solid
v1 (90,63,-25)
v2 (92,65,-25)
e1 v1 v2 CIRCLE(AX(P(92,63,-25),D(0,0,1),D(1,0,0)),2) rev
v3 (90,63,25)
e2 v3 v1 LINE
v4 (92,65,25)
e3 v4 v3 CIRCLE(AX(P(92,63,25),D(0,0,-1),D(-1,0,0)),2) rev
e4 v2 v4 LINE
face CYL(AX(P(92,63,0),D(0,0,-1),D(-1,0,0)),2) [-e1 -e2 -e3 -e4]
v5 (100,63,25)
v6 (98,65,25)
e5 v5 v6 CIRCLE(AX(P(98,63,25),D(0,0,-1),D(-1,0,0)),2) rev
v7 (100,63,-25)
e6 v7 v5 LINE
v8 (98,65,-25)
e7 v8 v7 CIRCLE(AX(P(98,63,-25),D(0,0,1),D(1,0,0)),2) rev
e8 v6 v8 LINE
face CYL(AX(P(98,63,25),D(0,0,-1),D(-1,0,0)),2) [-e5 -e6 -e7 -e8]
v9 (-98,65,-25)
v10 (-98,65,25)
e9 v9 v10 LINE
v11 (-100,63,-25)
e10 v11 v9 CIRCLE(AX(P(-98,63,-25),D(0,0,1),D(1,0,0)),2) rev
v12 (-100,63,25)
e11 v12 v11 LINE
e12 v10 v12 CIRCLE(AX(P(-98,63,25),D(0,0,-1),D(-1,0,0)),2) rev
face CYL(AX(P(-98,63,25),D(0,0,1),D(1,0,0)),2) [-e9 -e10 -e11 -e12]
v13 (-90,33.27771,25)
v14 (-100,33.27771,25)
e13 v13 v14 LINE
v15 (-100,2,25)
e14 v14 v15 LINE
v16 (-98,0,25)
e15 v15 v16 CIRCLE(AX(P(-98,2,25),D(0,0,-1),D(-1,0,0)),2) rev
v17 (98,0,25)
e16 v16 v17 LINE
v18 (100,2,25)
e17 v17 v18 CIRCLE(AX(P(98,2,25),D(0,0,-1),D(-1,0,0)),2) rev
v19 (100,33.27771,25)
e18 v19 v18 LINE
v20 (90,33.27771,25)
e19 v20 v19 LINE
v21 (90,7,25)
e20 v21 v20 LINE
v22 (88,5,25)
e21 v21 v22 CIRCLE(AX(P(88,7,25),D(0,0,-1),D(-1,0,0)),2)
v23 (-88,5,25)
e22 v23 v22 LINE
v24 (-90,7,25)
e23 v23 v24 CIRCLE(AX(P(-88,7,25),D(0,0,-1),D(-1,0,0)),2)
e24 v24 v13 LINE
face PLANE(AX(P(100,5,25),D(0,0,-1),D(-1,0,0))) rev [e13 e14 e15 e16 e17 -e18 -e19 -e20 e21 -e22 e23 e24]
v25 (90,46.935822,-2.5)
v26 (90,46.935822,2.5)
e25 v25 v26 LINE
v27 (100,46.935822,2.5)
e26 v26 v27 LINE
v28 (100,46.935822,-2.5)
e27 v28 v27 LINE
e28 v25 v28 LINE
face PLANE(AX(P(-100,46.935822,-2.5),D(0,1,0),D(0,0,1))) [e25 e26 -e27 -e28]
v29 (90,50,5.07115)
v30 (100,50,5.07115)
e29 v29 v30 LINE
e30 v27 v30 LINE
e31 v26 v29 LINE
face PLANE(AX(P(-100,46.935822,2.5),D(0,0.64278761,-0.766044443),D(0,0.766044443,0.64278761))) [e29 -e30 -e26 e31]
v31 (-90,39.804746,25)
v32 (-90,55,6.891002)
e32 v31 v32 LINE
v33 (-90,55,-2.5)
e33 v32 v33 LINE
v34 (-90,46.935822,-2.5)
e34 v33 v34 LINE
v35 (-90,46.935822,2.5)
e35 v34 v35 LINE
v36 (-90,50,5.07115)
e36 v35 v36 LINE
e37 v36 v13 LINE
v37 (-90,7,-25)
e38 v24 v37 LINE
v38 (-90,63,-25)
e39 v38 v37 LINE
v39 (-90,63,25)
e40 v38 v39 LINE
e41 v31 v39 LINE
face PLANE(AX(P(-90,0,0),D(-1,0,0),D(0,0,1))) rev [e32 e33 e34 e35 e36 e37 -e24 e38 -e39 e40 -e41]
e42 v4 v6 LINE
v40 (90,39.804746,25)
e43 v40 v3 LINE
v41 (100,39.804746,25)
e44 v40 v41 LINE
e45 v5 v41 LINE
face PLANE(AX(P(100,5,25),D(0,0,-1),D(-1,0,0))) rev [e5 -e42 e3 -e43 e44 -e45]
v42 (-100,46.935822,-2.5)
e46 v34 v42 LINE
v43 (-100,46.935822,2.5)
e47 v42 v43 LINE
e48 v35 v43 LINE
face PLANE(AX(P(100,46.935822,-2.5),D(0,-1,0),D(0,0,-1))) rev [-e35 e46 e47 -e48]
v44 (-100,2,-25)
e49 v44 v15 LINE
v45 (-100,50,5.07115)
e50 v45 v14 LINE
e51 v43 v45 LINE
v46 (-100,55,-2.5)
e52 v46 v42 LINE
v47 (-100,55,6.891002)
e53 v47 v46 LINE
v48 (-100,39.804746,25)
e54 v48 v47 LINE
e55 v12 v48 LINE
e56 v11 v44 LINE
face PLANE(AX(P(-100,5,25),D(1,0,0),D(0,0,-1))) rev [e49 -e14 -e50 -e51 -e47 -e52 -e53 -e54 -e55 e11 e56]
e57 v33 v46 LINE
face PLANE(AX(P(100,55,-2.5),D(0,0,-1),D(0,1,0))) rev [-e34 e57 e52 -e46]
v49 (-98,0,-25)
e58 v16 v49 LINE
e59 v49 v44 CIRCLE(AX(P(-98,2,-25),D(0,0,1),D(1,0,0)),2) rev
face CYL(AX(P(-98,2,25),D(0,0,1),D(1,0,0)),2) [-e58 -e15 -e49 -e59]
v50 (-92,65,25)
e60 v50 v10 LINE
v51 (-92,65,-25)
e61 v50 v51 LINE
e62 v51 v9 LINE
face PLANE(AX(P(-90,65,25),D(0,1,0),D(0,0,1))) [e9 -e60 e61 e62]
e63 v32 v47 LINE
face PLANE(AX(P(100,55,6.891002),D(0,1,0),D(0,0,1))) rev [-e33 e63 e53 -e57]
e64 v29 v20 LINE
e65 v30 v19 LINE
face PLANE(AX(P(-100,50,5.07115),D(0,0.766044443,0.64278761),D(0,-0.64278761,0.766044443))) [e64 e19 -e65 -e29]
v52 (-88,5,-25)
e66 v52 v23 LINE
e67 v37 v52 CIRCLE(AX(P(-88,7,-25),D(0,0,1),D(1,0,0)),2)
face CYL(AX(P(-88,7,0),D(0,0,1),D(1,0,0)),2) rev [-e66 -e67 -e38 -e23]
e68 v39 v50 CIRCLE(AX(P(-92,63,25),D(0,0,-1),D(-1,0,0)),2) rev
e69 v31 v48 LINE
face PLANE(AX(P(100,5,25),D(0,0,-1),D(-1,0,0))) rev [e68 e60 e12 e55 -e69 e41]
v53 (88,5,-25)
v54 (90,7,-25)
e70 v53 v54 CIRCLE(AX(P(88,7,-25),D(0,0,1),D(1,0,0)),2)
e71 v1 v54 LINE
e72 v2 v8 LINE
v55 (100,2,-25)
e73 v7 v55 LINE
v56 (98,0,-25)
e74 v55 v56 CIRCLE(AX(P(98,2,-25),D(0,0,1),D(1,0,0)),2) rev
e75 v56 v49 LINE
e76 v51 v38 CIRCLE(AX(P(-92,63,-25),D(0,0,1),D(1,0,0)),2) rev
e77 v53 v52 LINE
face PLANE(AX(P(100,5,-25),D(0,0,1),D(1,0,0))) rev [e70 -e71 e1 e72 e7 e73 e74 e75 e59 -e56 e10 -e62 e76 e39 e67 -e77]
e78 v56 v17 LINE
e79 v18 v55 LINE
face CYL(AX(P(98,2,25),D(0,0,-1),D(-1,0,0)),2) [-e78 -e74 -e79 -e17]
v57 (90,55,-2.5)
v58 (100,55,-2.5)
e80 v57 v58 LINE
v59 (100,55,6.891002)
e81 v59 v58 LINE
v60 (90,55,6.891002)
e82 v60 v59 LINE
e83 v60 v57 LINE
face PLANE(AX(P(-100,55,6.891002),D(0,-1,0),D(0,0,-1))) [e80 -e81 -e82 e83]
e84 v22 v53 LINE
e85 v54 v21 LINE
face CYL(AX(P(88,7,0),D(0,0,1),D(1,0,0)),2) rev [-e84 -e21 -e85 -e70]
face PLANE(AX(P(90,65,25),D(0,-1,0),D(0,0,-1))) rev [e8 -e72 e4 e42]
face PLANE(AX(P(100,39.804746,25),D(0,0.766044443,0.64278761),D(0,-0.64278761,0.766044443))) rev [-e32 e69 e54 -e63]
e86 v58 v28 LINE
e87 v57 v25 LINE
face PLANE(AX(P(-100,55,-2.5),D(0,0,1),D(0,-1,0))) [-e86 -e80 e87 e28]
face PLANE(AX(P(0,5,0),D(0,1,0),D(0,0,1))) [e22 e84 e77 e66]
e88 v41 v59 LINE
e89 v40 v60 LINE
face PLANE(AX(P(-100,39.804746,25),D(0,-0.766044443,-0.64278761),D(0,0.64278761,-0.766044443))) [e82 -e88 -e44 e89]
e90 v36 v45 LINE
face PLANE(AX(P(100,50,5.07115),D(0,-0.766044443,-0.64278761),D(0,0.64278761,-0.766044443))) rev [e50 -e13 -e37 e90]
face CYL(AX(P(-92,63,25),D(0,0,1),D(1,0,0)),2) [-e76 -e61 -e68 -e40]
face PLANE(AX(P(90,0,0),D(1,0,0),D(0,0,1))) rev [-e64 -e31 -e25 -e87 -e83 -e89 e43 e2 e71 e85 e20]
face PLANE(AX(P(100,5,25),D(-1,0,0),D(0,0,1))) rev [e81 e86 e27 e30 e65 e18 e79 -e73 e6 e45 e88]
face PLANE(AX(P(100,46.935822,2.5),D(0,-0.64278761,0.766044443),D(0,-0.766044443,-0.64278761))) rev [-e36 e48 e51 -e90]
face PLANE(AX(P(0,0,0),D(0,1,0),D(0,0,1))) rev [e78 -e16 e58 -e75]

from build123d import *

# Parameters (mm, degrees)
SKETCH1_W           = 200
SKETCH1_H           = 50
BOSS_EXTRUDE1_DEPTH = 5
SKETCH2_W           = 50
SKETCH2_H           = 60
BOSS_EXTRUDE2_DEPTH = 10
CUT_EXTRUDE1_START  = -201
CUT_EXTRUDE1_DEPTH  = 202
FILLET1_R           = 2


with BuildPart() as part:
    # Sketch1 → Boss-Extrude1 (new body)
    with BuildSketch(Plane(origin=(0, 0, 0), x_dir=(1, 0, 0), z_dir=(0, 1, 0))):
        Rectangle(SKETCH1_W, SKETCH1_H)
    extrude(amount=BOSS_EXTRUDE1_DEPTH)

    # Sketch2 → Boss-Extrude2 (add)
    with BuildSketch(Plane.ZY.offset(100)):
        with Locations((0, 35)):
            Rectangle(SKETCH2_W, SKETCH2_H)
    boss_extrude2 = extrude(amount=-BOSS_EXTRUDE2_DEPTH)

    # Sketch3 → Cut-Extrude1 (cut)
    with BuildSketch(Plane.ZY.offset(100).offset(CUT_EXTRUDE1_START)):
        Polygon((25, 39.80474613), (6.89100161, 55), (-2.5, 55), (-2.5, 46.935822228), (2.5, 46.935822228), (5.071150439, 50), (25, 33.277709683), align=None)
    cut_extrude1 = extrude(amount=CUT_EXTRUDE1_DEPTH, mode=Mode.SUBTRACT)

    # Mirror1: Boss-Extrude2, Cut-Extrude1 across plane
    add(boss_extrude2.mirror(Plane(origin=(0, 0, 0), x_dir=(0, 0, 1), z_dir=(1, 0, 0))))
    add(cut_extrude1.mirror(Plane(origin=(0, 0, 0), x_dir=(0, 0, 1), z_dir=(1, 0, 0))), mode=Mode.SUBTRACT)

    # Fillet1
    fillet1_edges = [part.edges().sort_by_distance(p)[0] for p in [
        (-90, 5, 0),
        (-90, 65, 0),
        (-100, 65, 0),
        (100, 0, 0),
        (100, 65, 0),
        (-100, 0, 0),
        (90, 5, 0),
        (90, 65, 0),
    ]]
    fillet(fillet1_edges, radius=FILLET1_R)


solid = part.part
